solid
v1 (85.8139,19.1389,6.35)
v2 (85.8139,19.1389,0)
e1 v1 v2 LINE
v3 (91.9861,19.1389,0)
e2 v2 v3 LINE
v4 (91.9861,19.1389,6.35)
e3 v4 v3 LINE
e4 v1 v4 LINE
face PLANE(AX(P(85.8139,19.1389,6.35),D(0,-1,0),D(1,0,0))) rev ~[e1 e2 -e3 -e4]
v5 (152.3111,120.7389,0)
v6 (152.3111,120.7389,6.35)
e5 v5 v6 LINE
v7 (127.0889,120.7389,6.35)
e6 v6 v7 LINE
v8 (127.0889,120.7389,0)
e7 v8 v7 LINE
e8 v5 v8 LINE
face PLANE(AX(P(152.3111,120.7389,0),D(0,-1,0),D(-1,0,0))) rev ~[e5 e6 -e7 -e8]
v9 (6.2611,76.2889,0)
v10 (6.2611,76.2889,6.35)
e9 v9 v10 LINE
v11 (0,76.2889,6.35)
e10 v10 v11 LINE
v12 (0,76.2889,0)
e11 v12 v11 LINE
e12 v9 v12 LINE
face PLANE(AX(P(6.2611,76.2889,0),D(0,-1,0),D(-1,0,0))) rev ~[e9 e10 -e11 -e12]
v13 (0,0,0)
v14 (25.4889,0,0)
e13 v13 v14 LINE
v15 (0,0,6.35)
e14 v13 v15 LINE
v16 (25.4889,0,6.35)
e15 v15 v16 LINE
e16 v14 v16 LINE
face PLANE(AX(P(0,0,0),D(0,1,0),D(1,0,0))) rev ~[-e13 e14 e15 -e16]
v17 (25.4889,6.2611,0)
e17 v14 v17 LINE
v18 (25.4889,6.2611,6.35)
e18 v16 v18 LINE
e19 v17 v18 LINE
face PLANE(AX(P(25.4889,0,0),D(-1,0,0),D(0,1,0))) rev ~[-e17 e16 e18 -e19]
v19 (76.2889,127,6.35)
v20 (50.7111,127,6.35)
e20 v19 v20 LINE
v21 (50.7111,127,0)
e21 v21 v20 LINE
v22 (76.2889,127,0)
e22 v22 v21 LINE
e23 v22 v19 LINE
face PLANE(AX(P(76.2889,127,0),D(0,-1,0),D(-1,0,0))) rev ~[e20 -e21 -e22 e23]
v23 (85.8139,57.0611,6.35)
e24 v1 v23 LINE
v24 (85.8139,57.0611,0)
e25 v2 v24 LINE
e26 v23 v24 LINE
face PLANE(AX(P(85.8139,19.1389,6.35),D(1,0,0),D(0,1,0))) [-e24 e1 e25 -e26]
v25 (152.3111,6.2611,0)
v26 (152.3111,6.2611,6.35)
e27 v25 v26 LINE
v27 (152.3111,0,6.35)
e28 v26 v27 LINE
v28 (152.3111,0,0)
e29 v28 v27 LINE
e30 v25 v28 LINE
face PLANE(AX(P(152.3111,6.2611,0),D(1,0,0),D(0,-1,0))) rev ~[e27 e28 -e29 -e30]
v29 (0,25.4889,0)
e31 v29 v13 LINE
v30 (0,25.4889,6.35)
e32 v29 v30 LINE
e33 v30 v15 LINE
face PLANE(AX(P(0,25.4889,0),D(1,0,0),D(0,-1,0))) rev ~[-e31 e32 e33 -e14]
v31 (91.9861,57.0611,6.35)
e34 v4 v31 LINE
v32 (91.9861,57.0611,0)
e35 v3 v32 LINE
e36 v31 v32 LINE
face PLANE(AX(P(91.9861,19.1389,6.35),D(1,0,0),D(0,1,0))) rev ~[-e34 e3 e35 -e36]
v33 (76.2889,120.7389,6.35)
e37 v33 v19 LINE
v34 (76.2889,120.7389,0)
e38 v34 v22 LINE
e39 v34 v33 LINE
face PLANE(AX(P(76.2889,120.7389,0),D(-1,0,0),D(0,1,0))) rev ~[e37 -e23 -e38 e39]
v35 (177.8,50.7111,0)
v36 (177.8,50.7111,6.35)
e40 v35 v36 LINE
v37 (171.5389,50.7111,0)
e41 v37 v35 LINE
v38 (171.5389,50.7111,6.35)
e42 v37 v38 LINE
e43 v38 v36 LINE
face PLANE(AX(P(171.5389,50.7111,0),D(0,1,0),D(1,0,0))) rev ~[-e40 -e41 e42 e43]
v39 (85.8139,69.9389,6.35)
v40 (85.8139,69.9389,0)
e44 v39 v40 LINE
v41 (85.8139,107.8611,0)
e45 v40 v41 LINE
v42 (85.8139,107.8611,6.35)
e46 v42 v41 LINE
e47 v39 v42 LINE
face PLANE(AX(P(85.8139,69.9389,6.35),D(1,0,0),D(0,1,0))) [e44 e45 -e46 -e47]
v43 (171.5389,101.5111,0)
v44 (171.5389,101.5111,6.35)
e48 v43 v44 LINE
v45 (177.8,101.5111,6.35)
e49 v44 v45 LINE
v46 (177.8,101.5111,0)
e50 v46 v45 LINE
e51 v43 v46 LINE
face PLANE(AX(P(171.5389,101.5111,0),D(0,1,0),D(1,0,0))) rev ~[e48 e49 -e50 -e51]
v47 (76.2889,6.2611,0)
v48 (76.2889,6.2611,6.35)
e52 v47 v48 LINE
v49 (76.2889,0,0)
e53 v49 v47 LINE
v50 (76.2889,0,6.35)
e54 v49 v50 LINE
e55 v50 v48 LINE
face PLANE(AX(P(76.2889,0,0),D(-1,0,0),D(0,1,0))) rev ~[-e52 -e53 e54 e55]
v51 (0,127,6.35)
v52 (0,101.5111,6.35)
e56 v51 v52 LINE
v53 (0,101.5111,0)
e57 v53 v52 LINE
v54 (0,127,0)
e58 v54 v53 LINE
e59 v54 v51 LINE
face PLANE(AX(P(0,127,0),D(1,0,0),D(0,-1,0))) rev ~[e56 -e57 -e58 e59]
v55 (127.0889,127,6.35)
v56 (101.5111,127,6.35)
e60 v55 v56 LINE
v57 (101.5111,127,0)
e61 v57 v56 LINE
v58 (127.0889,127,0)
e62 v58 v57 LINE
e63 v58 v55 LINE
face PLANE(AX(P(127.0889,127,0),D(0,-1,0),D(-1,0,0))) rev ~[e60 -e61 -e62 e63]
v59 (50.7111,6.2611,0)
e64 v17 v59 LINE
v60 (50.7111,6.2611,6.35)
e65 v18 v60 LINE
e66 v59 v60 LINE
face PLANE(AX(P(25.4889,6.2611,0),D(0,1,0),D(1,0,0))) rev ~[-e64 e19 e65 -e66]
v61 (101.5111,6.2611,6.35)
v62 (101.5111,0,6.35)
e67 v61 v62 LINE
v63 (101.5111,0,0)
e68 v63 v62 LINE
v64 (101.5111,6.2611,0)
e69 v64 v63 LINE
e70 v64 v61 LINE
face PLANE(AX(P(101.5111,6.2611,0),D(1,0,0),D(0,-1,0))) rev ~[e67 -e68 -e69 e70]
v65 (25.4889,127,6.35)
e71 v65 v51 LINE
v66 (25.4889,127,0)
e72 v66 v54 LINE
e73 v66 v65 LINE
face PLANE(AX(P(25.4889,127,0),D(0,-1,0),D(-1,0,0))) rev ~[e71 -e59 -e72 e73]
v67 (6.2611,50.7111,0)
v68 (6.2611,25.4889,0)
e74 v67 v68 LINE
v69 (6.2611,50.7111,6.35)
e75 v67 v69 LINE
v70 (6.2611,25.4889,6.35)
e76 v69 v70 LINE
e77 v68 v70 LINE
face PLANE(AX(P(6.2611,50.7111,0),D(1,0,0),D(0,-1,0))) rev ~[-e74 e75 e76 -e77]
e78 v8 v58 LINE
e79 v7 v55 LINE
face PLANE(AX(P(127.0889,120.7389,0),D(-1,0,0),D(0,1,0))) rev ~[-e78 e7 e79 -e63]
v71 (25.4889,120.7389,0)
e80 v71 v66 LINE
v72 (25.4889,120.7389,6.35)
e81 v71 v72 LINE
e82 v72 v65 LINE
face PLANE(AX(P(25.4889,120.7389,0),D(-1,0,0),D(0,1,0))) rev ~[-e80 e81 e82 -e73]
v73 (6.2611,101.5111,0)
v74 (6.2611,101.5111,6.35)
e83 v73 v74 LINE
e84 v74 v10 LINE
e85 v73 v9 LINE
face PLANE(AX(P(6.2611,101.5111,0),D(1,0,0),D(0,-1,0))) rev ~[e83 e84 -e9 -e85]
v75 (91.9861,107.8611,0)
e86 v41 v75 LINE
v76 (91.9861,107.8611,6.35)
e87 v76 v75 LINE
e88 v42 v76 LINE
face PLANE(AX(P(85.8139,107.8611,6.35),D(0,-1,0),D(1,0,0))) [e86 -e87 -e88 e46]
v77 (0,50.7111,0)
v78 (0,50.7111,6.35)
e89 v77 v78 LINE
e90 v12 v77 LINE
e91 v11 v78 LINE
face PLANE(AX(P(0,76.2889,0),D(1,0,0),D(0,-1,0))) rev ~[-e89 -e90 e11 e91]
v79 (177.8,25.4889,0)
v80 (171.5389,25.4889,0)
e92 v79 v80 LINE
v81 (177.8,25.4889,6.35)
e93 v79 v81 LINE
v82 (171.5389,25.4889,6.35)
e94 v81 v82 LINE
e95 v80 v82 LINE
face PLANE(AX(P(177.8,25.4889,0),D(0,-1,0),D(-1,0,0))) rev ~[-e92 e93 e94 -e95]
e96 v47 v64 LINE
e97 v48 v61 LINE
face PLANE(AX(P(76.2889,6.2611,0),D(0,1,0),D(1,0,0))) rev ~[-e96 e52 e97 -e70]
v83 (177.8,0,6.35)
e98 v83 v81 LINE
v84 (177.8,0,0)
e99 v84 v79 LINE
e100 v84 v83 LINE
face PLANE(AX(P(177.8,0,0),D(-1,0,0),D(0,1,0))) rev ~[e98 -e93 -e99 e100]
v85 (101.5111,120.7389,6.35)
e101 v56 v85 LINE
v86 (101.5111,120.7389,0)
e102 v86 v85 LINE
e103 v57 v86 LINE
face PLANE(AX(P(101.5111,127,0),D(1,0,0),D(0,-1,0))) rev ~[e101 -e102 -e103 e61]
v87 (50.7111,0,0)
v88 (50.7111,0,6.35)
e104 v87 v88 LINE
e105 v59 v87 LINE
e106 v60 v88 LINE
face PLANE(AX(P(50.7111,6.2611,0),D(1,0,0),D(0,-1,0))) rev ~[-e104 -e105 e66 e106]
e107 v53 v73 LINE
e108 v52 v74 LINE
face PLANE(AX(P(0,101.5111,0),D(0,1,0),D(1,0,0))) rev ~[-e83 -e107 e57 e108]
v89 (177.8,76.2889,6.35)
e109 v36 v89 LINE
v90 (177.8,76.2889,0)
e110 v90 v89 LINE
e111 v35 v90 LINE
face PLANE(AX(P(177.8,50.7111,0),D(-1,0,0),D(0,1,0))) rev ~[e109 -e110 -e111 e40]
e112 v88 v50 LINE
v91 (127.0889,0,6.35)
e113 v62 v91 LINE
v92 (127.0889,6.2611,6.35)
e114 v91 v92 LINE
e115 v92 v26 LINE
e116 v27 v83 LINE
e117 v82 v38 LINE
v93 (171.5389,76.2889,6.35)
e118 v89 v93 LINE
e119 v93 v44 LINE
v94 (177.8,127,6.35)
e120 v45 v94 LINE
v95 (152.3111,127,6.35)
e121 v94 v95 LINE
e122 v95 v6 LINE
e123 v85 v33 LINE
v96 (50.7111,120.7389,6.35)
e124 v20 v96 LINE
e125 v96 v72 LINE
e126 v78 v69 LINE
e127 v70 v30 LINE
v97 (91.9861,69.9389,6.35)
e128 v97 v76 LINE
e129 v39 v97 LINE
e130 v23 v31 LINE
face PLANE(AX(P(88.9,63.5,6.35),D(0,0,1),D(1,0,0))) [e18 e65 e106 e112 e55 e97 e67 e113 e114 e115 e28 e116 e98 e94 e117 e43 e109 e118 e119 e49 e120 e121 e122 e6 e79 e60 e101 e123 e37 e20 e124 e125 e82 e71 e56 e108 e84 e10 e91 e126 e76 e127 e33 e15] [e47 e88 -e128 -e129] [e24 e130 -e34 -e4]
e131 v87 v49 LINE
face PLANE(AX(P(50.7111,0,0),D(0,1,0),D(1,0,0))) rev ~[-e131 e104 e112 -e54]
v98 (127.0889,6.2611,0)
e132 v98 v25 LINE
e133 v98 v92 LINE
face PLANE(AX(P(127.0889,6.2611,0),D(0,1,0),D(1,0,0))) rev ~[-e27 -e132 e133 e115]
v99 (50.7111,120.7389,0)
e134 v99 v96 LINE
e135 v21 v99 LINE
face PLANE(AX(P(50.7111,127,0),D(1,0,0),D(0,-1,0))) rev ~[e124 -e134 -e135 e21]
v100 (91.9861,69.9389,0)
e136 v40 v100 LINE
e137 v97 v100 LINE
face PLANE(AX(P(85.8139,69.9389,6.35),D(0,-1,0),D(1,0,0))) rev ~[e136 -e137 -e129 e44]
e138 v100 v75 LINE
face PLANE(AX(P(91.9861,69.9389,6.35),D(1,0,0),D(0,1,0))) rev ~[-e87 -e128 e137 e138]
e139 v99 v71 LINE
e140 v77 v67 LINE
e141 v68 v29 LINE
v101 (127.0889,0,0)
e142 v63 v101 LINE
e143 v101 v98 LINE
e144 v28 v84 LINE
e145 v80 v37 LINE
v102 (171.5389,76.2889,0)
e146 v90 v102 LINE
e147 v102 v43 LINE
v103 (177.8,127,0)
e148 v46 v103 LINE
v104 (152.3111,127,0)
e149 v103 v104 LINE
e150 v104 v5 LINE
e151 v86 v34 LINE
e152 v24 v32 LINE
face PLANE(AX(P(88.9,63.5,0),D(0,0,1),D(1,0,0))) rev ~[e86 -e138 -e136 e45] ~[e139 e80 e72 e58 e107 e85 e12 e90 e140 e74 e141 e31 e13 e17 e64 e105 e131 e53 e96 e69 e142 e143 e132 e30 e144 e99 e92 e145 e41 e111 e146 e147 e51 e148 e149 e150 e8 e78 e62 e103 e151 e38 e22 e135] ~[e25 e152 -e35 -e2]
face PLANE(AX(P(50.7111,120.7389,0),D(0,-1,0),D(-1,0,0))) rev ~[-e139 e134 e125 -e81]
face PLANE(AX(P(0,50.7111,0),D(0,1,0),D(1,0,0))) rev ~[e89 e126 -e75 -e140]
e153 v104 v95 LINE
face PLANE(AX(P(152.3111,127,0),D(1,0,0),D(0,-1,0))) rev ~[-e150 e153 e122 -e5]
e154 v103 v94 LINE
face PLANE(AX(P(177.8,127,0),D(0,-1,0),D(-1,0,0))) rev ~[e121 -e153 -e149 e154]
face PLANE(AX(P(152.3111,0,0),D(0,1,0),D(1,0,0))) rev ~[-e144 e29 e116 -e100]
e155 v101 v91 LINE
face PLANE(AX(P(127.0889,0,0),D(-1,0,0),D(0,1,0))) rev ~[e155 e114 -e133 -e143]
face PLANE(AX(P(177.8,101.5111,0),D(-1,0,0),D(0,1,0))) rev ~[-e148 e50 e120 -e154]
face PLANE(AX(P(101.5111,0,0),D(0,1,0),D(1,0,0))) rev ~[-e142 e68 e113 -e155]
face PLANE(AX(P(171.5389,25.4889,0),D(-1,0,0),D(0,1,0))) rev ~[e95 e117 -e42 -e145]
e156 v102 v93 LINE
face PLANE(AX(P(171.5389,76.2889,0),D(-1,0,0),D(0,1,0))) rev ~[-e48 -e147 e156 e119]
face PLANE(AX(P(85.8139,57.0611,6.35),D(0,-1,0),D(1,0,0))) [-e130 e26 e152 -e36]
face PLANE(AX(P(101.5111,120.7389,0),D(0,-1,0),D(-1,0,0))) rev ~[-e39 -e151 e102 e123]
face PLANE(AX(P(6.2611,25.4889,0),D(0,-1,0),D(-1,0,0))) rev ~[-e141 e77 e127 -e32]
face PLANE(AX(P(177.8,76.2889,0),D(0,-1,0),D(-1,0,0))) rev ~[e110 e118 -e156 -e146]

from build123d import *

# Parameters (mm, degrees)
F1_DEPTH = 6.35
F2_W     = 6.1722
F2_H     = 37.9222
F3_DEPTH = 6.351


with BuildPart() as f1:
    # F0 (on Top) → F1 (new body)
    with BuildSketch(Plane.XY):
        Polygon((0, 25.4889), (0, 0), (25.4889, 0), (25.4889, 6.2611), (50.7111, 6.2611), (50.7111, 0), (76.2889, 0), (76.2889, 6.2611), (101.5111, 6.2611), (101.5111, 0), (127.0889, 0), (127.0889, 6.2611), (152.3111, 6.2611), (152.3111, 0), (177.8, 0), (177.8, 25.4889), (171.5389, 25.4889), (171.5389, 50.7111), (177.8, 50.7111), (177.8, 76.2889), (171.5389, 76.2889), (171.5389, 101.5111), (177.8, 101.5111), (177.8, 127), (152.3111, 127), (152.3111, 120.7389), (127.0889, 120.7389), (127.0889, 127), (101.5111, 127), (101.5111, 120.7389), (76.2889, 120.7389), (76.2889, 127), (50.7111, 127), (50.7111, 120.7389), (25.4889, 120.7389), (25.4889, 127), (0, 127), (0, 101.5111), (6.2611, 101.5111), (6.2611, 76.2889), (0, 76.2889), (0, 50.7111), (6.2611, 50.7111), (6.2611, 25.4889), align=None)
    extrude(amount=F1_DEPTH)

    # F2 (on face) → F3 (cut, through all)
    with BuildSketch(Plane.XY.offset(6.35)):
        with Locations((88.9, 38.1)):
            Rectangle(F2_W, F2_H)
        with Locations((88.9, 88.9)):
            Rectangle(F2_W, F2_H)
    extrude(amount=-F3_DEPTH, mode=Mode.SUBTRACT)


solid = f1.part
